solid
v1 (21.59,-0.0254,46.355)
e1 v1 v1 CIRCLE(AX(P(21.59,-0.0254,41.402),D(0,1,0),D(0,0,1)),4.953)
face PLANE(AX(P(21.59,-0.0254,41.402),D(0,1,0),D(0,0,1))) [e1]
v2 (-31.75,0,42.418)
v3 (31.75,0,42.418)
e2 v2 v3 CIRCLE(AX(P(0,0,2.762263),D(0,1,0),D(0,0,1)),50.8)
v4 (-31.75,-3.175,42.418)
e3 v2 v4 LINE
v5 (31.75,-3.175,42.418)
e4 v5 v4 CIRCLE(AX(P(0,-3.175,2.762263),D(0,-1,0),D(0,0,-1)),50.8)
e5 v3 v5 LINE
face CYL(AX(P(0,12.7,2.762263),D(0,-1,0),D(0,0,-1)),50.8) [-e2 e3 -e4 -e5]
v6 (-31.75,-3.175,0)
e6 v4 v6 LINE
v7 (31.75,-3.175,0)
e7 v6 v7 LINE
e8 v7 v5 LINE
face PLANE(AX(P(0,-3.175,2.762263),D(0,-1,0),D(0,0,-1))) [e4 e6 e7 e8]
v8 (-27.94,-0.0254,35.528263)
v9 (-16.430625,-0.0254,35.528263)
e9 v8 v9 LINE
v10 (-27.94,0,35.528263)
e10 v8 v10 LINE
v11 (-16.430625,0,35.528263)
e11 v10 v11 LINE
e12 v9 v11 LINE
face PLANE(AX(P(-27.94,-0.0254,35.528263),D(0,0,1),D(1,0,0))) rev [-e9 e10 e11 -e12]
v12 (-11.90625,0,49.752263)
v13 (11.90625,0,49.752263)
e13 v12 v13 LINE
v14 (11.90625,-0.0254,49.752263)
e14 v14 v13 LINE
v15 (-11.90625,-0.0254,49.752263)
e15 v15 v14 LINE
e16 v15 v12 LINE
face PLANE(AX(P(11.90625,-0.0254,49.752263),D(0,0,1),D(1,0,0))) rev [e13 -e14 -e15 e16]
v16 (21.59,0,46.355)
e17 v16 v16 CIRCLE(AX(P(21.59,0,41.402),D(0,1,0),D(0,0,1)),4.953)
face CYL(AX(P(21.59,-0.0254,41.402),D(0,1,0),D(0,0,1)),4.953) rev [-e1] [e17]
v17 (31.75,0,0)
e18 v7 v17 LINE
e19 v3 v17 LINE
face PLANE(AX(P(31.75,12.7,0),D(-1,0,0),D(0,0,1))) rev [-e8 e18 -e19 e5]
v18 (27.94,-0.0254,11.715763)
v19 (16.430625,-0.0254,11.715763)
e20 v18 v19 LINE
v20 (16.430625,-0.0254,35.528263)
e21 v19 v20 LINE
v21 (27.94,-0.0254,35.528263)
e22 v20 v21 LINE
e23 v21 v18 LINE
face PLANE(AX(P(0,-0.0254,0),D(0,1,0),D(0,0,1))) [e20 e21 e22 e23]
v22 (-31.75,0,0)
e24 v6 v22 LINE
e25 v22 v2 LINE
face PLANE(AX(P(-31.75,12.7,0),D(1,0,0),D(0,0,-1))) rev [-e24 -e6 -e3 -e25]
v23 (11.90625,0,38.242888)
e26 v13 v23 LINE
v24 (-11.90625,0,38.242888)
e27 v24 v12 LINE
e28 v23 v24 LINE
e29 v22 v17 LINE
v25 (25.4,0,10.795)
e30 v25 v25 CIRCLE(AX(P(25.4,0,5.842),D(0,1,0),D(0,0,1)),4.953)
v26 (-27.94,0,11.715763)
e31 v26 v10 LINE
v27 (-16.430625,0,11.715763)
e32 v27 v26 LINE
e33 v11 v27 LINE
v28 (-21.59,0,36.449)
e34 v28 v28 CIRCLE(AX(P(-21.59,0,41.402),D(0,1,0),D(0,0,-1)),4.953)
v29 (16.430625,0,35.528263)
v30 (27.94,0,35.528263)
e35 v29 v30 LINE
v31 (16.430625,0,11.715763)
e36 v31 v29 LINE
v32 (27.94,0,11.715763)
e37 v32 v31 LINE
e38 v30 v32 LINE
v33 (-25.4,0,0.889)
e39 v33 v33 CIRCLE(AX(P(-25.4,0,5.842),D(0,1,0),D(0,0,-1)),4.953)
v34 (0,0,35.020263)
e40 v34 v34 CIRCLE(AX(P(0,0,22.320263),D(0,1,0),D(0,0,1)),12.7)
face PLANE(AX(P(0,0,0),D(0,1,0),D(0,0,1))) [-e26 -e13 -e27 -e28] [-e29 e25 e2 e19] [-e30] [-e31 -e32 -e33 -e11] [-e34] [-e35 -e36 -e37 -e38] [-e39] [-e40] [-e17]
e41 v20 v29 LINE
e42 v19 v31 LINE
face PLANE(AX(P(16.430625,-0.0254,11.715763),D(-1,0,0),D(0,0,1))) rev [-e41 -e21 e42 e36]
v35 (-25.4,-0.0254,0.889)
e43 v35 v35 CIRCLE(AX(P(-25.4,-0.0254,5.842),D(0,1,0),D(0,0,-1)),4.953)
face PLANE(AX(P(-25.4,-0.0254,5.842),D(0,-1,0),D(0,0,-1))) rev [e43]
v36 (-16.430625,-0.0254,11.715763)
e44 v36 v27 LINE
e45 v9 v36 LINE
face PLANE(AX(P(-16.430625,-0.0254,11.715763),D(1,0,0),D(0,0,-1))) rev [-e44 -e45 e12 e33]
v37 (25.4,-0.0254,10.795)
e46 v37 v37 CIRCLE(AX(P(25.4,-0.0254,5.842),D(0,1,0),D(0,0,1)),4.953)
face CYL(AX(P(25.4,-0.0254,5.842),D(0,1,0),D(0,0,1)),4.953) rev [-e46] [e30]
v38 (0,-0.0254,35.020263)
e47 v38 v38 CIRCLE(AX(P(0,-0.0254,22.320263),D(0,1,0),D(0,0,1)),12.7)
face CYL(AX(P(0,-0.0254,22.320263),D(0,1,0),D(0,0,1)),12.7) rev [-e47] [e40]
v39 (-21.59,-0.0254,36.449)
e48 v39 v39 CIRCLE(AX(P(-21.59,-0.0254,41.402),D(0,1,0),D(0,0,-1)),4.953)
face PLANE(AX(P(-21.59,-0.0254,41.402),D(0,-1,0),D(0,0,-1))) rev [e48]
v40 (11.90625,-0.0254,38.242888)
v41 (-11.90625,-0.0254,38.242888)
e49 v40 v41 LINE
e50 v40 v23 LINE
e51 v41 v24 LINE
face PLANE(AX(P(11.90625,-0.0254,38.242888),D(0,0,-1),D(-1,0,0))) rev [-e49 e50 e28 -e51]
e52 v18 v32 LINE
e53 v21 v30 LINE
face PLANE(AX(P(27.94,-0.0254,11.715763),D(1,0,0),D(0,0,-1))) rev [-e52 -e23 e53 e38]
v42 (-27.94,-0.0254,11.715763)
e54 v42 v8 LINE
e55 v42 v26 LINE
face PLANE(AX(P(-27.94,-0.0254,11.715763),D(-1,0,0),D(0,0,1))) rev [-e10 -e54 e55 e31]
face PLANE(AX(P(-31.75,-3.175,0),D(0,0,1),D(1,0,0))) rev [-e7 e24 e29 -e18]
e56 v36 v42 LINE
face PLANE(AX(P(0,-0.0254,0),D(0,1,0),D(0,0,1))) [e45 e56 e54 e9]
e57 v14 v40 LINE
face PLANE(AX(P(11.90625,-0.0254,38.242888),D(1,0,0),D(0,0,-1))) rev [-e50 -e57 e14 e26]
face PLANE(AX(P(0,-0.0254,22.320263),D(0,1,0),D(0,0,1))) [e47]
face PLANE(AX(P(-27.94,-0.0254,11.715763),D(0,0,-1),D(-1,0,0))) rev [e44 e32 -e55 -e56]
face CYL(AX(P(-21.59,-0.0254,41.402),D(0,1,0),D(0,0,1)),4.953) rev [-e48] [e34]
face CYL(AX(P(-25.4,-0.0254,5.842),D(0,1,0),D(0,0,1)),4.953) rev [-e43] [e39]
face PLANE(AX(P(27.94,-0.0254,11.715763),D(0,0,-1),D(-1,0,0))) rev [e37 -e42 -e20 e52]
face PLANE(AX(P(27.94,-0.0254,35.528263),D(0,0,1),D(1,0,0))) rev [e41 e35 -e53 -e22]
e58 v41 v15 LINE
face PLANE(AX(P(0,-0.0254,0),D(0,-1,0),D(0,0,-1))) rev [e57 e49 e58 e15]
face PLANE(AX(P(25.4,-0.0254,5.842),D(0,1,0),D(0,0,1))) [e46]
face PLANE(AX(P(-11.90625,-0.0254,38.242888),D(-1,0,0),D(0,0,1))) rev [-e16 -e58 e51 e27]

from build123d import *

# Parameters (mm, degrees)
BOSS_EXTRUDE1_DEPTH  = 12.7
BOSS_EXTRUDE2_DEPTH  = 11.176
BOSS_EXTRUDE10_DEPTH = 3.175
SKETCH22_W           = 92.185700808
SKETCH22_H           = 89.424577416
CUT_EXTRUDE13_DEPTH  = 26.4
SKETCH26_W           = 63.5
SKETCH26_H           = 12.7
BOSS_EXTRUDE11_DEPTH = 3.175
SKETCH23_R           = 4.953
SKETCH23_R_2         = 12.7
CUT_EXTRUDE14_DEPTH  = 0.0254
SKETCH25_W           = 11.509375
SKETCH25_H           = 23.8125
SKETCH25_W_2         = 23.8125
SKETCH25_H_2         = 11.509375
CUT_EXTRUDE15_DEPTH  = 0.0254
SKETCH27_W           = 63.5
SKETCH27_H           = 12.7
CUT_EXTRUDE16_DEPTH  = 4.175


with BuildPart() as part:
    # Sketch1 → Boss-Extrude1 (new body)
    with BuildSketch(Plane(origin=(0, 0, 0), x_dir=(1, 0, 0), z_dir=(0, 1, 0))):
        with BuildLine():
            Line((-31.75, 0), (31.75, 0))
            Line((31.75, 0), (31.75, -42.418))
            ThreePointArc((31.75, -42.418), (0, -53.56226271), (-31.75, -42.418))
            Line((-31.75, -42.418), (-31.75, 0))
        make_face()
    extrude(amount=BOSS_EXTRUDE1_DEPTH)

    # Sketch2 → Boss-Extrude2 (add)
    with BuildSketch(Plane.ZY.offset(19.558)):
        with BuildLine():
            Line((0, 0), (-12.7, 0))
            ThreePointArc((-12.7, 0), (-21.680256121, 21.680256121), (0, 12.7))
            Line((0, 12.7), (0, 0))
        make_face()
    boss_extrude2 = extrude(amount=-BOSS_EXTRUDE2_DEPTH)

    # Mirror1: Boss-Extrude2 across plane
    add(boss_extrude2.mirror(Plane(origin=(0, 0, 0), x_dir=(0, 0, 1), z_dir=(1, 0, 0))))

    # Sketch20 → Boss-Extrude10 (add)
    with BuildSketch(Plane.XZ):
        with BuildLine():
            Line((-31.75, 42.418), (-31.75, 0))
            Line((-31.75, 0), (-19.558, 0))
            Line((-19.558, 0), (-19.558, -12.7))
            Line((-19.558, -12.7), (-8.382, -12.7))
            Line((-8.382, -12.7), (-8.382, 0))
            Line((-8.382, 0), (8.382, 0))
            Line((8.382, 0), (8.382, -12.7))
            Line((8.382, -12.7), (19.558, -12.7))
            Line((19.558, -12.7), (19.558, 0))
            Line((19.558, 0), (31.75, 0))
            Line((31.75, 0), (31.75, 42.418))
            ThreePointArc((31.75, 42.418), (0, 53.56226271), (-31.75, 42.418))
        make_face()
    extrude(amount=BOSS_EXTRUDE10_DEPTH)

    # Sketch22 → Cut-Extrude13 (cut, through all)
    with BuildSketch(Plane(origin=(0, 0, 0), x_dir=(-1, 0, 0), z_dir=(0, -1, 0))):
        with Locations((-2.135876507, -13.211147217)):
            Rectangle(SKETCH22_W, SKETCH22_H)
    extrude(amount=-CUT_EXTRUDE13_DEPTH, mode=Mode.SUBTRACT)

    # Sketch26 → Boss-Extrude11 (add)
    with BuildSketch(Plane(origin=(0, 0, 0), x_dir=(1, 0, 0), z_dir=(0, 1, 0))):
        with Locations((0, 6.35)):
            Rectangle(SKETCH26_W, SKETCH26_H)
    extrude(amount=-BOSS_EXTRUDE11_DEPTH)

    # Sketch23 → Cut-Extrude14 (cut)
    with BuildSketch(Plane(origin=(0, 0, 0), x_dir=(1, 0, 0), z_dir=(0, 1, 0))):
        with Locations((25.4, -5.842)):
            Circle(SKETCH23_R)
        with Locations((21.59, -41.402)):
            Circle(SKETCH23_R)
        with Locations((-25.4, -5.842)):
            Circle(SKETCH23_R)
        with Locations((-21.59, -41.402)):
            Circle(SKETCH23_R)
        with Locations((0, -22.32026271)):
            Circle(SKETCH23_R_2)
    extrude(amount=-CUT_EXTRUDE14_DEPTH, mode=Mode.SUBTRACT)

    # Sketch25 → Cut-Extrude15 (cut)
    with BuildSketch(Plane(origin=(0, 0, 0), x_dir=(1, 0, 0), z_dir=(0, 1, 0))):
        with Locations((-22.1853125, -23.62201271)):
            Rectangle(SKETCH25_W, SKETCH25_H)
        with Locations((0, -43.99757521)):
            Rectangle(SKETCH25_W_2, SKETCH25_H_2)
        with Locations((22.1853125, -23.62201271)):
            Rectangle(SKETCH25_W, SKETCH25_H)
    extrude(amount=-CUT_EXTRUDE15_DEPTH, mode=Mode.SUBTRACT)

    # Sketch27 → Cut-Extrude16 (cut, through all)
    with BuildSketch(Plane(origin=(0, 0, 0), x_dir=(1, 0, 0), z_dir=(0, 1, 0))):
        with Locations((0, 6.35)):
            Rectangle(SKETCH27_W, SKETCH27_H)
    extrude(amount=-CUT_EXTRUDE16_DEPTH, mode=Mode.SUBTRACT)


solid = part.part
